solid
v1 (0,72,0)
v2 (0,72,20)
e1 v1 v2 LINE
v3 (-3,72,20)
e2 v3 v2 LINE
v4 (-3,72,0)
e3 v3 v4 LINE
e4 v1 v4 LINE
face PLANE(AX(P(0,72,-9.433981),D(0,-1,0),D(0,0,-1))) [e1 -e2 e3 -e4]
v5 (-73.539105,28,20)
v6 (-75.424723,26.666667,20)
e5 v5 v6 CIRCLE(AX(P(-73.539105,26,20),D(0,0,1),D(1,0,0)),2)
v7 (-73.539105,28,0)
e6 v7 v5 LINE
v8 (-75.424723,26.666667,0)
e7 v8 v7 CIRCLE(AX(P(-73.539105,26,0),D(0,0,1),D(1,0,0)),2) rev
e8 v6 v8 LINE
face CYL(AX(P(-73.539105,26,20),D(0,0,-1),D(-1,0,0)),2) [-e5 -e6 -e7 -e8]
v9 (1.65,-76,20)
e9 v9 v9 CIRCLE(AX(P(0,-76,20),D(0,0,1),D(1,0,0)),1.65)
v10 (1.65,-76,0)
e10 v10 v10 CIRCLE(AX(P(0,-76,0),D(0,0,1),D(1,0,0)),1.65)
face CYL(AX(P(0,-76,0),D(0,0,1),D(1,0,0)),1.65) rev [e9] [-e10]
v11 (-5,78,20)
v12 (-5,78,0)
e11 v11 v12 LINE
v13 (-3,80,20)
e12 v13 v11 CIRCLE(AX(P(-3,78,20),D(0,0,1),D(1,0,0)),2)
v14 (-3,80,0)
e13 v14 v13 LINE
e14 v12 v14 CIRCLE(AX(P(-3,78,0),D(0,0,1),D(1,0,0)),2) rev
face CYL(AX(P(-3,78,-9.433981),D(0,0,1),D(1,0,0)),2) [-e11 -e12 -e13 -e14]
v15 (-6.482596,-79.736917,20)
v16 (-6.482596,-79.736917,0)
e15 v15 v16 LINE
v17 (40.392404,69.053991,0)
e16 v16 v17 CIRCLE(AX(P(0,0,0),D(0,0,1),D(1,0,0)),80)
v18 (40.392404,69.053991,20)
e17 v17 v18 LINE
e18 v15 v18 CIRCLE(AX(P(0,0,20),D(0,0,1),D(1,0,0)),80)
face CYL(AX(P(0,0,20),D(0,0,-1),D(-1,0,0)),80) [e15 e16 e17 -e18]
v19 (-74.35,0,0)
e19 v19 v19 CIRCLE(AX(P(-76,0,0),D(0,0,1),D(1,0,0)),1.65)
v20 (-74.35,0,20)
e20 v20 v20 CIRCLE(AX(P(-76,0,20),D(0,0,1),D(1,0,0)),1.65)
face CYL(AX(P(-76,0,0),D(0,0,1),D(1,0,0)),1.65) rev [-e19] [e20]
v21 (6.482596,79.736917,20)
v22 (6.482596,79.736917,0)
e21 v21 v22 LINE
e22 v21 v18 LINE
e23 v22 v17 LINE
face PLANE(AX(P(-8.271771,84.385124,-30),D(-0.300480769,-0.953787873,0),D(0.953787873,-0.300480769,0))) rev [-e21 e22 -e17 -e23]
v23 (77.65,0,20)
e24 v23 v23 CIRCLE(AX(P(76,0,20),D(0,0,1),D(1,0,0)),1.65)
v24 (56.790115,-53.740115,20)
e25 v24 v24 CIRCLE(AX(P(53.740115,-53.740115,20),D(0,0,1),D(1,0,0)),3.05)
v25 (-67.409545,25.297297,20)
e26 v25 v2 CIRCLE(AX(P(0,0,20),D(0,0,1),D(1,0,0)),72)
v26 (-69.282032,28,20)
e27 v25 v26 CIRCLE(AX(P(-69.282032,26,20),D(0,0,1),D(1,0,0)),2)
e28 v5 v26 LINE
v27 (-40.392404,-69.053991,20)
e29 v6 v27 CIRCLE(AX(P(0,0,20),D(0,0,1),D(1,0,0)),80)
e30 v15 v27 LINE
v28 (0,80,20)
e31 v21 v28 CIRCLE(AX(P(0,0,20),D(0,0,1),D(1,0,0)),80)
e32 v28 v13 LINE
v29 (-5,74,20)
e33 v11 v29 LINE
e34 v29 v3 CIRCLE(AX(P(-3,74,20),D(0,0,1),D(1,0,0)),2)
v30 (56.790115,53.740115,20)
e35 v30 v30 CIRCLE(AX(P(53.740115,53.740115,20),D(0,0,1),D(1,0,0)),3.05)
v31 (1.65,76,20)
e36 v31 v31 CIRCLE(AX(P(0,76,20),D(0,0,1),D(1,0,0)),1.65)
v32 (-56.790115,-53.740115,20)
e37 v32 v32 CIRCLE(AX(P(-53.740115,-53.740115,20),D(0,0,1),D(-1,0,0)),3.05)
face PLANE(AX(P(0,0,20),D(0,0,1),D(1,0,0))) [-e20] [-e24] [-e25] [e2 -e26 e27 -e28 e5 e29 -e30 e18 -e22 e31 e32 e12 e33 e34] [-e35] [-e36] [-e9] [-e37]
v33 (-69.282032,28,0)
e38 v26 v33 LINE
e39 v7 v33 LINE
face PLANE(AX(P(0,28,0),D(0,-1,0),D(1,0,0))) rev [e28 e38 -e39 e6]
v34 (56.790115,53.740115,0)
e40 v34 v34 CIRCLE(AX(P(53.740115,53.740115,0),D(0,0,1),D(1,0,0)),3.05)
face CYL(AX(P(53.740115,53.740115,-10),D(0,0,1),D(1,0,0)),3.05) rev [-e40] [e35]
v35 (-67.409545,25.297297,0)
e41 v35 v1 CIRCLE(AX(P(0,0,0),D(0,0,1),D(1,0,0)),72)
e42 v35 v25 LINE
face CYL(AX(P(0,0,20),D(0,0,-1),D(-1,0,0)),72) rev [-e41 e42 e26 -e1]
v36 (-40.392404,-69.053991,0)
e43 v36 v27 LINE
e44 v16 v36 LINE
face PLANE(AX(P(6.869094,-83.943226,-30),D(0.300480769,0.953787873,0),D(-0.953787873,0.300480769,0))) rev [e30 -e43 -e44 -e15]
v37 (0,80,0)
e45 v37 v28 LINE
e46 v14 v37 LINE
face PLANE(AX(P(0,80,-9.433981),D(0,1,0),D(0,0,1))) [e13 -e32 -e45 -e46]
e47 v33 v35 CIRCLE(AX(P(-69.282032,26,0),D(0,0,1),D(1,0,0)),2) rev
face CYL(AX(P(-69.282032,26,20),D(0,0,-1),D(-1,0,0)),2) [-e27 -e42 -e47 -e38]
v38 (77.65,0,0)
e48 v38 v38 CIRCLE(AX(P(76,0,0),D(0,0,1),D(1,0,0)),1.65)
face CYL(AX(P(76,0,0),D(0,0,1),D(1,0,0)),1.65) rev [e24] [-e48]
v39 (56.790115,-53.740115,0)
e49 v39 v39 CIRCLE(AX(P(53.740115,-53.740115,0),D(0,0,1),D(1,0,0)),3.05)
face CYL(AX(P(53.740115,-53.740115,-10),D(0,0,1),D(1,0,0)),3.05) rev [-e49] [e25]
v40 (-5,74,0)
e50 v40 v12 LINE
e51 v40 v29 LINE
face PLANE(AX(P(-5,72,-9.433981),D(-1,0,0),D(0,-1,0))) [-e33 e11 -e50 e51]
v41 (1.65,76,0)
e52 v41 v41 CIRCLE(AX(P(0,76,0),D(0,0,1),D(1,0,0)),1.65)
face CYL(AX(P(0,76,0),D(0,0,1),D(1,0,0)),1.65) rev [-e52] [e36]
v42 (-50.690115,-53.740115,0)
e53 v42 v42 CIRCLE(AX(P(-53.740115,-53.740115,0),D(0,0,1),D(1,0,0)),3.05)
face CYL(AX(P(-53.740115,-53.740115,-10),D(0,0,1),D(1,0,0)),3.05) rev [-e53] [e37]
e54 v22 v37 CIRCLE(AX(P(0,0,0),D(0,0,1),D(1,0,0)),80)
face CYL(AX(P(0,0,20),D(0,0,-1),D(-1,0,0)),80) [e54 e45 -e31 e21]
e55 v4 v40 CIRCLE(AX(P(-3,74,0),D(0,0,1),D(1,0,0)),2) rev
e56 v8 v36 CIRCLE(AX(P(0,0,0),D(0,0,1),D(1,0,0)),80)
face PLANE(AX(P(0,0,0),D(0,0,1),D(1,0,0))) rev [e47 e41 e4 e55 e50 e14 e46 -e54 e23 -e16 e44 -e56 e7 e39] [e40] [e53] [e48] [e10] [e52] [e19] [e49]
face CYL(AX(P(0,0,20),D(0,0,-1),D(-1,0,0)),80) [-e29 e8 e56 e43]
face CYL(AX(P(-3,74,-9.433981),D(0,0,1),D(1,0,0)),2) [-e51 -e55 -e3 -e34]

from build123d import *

# Parameters (mm, degrees)
SKETCH_1_R          = 80
SKETCH_1_R_2        = 72
EXTRUDE_1_DEPTH     = 20
SKETCH_2_W          = 88.50052384
SKETCH_2_H          = 52
CUT_EXTRUDE_1_DEPTH = 20
SKETCH_3_W          = 5
SKETCH_3_H          = 8
EXTRUDE_2_DEPTH     = 20
FILLET_1_R          = 2
SKETCH_4_R          = 1.65
CUT_EXTRUDE_2_DEPTH = 20
SKETCH_5_R          = 3.05
CUT_EXTRUDE_3_DEPTH = 30
CUT_EXTRUDE_4_DEPTH = 50


with BuildPart() as part:
    # 草图1 → 凸台-拉伸1 (new body)
    with BuildSketch(Plane.XY):
        Circle(SKETCH_1_R)
        Circle(SKETCH_1_R_2, mode=Mode.SUBTRACT)
    extrude(amount=EXTRUDE_1_DEPTH)

    # 草图2 → 切除-拉伸1 (cut)
    with BuildSketch(Plane.XY.offset(20)):
        with Locations((-44.25026192, 54)):
            Rectangle(SKETCH_2_W, SKETCH_2_H)
    extrude(amount=-CUT_EXTRUDE_1_DEPTH, mode=Mode.SUBTRACT)

    # 草图3 → 凸台-拉伸2 (add)
    with BuildSketch(Plane.XY.offset(20)):
        with Locations((-2.5, 76)):
            Rectangle(SKETCH_3_W, SKETCH_3_H)
    extrude(amount=-EXTRUDE_2_DEPTH)

    # 圆角1
    fillet_1_edges = [part.edges().sort_by_distance(p)[0] for p in [
        (-66.332495807, 28, 10),
        (-74.939975981, 28, 10),
        (-5, 72, 10),
        (-5, 80, 10),
    ]]
    fillet(fillet_1_edges, radius=FILLET_1_R)

    # 草图4 → 切除-拉伸2 (cut)
    with BuildSketch(Plane.XY.offset(20)):
        with Locations((-76, 0)):
            Circle(SKETCH_4_R)
        with Locations((0, -76)):
            Circle(SKETCH_4_R)
        with Locations((76, 0)):
            Circle(SKETCH_4_R)
        with Locations((0, 76)):
            Circle(SKETCH_4_R)
    extrude(amount=-CUT_EXTRUDE_2_DEPTH, mode=Mode.SUBTRACT)

    # 草图5 → 切除-拉伸3 (cut)
    with BuildSketch(Plane.XY.offset(20)):
        with Locations((53.74011537, 53.74011537)):
            Circle(SKETCH_5_R)
        with Locations((53.74011537, -53.74011537)):
            Circle(SKETCH_5_R)
        with Locations((-53.74011537, -53.74011537)):
            Circle(SKETCH_5_R)
    extrude(amount=-CUT_EXTRUDE_3_DEPTH, mode=Mode.SUBTRACT)

    # 草图7 → 切除-拉伸4 (cut)
    with BuildSketch(Plane.XY.offset(20)):
        Polygon((6.869093861, -83.94322558), (-55.146771426, -64.405783947), (-66.191379441, -99.463645444), (-4.175514154, -119.001087078), align=None)
        Polygon((-8.271771426, 84.385124293), (53.744093861, 64.84768266), (64.788701876, 99.905544157), (2.772836589, 119.44298579), align=None)
    extrude(amount=-CUT_EXTRUDE_4_DEPTH, mode=Mode.SUBTRACT)


solid = part.part
